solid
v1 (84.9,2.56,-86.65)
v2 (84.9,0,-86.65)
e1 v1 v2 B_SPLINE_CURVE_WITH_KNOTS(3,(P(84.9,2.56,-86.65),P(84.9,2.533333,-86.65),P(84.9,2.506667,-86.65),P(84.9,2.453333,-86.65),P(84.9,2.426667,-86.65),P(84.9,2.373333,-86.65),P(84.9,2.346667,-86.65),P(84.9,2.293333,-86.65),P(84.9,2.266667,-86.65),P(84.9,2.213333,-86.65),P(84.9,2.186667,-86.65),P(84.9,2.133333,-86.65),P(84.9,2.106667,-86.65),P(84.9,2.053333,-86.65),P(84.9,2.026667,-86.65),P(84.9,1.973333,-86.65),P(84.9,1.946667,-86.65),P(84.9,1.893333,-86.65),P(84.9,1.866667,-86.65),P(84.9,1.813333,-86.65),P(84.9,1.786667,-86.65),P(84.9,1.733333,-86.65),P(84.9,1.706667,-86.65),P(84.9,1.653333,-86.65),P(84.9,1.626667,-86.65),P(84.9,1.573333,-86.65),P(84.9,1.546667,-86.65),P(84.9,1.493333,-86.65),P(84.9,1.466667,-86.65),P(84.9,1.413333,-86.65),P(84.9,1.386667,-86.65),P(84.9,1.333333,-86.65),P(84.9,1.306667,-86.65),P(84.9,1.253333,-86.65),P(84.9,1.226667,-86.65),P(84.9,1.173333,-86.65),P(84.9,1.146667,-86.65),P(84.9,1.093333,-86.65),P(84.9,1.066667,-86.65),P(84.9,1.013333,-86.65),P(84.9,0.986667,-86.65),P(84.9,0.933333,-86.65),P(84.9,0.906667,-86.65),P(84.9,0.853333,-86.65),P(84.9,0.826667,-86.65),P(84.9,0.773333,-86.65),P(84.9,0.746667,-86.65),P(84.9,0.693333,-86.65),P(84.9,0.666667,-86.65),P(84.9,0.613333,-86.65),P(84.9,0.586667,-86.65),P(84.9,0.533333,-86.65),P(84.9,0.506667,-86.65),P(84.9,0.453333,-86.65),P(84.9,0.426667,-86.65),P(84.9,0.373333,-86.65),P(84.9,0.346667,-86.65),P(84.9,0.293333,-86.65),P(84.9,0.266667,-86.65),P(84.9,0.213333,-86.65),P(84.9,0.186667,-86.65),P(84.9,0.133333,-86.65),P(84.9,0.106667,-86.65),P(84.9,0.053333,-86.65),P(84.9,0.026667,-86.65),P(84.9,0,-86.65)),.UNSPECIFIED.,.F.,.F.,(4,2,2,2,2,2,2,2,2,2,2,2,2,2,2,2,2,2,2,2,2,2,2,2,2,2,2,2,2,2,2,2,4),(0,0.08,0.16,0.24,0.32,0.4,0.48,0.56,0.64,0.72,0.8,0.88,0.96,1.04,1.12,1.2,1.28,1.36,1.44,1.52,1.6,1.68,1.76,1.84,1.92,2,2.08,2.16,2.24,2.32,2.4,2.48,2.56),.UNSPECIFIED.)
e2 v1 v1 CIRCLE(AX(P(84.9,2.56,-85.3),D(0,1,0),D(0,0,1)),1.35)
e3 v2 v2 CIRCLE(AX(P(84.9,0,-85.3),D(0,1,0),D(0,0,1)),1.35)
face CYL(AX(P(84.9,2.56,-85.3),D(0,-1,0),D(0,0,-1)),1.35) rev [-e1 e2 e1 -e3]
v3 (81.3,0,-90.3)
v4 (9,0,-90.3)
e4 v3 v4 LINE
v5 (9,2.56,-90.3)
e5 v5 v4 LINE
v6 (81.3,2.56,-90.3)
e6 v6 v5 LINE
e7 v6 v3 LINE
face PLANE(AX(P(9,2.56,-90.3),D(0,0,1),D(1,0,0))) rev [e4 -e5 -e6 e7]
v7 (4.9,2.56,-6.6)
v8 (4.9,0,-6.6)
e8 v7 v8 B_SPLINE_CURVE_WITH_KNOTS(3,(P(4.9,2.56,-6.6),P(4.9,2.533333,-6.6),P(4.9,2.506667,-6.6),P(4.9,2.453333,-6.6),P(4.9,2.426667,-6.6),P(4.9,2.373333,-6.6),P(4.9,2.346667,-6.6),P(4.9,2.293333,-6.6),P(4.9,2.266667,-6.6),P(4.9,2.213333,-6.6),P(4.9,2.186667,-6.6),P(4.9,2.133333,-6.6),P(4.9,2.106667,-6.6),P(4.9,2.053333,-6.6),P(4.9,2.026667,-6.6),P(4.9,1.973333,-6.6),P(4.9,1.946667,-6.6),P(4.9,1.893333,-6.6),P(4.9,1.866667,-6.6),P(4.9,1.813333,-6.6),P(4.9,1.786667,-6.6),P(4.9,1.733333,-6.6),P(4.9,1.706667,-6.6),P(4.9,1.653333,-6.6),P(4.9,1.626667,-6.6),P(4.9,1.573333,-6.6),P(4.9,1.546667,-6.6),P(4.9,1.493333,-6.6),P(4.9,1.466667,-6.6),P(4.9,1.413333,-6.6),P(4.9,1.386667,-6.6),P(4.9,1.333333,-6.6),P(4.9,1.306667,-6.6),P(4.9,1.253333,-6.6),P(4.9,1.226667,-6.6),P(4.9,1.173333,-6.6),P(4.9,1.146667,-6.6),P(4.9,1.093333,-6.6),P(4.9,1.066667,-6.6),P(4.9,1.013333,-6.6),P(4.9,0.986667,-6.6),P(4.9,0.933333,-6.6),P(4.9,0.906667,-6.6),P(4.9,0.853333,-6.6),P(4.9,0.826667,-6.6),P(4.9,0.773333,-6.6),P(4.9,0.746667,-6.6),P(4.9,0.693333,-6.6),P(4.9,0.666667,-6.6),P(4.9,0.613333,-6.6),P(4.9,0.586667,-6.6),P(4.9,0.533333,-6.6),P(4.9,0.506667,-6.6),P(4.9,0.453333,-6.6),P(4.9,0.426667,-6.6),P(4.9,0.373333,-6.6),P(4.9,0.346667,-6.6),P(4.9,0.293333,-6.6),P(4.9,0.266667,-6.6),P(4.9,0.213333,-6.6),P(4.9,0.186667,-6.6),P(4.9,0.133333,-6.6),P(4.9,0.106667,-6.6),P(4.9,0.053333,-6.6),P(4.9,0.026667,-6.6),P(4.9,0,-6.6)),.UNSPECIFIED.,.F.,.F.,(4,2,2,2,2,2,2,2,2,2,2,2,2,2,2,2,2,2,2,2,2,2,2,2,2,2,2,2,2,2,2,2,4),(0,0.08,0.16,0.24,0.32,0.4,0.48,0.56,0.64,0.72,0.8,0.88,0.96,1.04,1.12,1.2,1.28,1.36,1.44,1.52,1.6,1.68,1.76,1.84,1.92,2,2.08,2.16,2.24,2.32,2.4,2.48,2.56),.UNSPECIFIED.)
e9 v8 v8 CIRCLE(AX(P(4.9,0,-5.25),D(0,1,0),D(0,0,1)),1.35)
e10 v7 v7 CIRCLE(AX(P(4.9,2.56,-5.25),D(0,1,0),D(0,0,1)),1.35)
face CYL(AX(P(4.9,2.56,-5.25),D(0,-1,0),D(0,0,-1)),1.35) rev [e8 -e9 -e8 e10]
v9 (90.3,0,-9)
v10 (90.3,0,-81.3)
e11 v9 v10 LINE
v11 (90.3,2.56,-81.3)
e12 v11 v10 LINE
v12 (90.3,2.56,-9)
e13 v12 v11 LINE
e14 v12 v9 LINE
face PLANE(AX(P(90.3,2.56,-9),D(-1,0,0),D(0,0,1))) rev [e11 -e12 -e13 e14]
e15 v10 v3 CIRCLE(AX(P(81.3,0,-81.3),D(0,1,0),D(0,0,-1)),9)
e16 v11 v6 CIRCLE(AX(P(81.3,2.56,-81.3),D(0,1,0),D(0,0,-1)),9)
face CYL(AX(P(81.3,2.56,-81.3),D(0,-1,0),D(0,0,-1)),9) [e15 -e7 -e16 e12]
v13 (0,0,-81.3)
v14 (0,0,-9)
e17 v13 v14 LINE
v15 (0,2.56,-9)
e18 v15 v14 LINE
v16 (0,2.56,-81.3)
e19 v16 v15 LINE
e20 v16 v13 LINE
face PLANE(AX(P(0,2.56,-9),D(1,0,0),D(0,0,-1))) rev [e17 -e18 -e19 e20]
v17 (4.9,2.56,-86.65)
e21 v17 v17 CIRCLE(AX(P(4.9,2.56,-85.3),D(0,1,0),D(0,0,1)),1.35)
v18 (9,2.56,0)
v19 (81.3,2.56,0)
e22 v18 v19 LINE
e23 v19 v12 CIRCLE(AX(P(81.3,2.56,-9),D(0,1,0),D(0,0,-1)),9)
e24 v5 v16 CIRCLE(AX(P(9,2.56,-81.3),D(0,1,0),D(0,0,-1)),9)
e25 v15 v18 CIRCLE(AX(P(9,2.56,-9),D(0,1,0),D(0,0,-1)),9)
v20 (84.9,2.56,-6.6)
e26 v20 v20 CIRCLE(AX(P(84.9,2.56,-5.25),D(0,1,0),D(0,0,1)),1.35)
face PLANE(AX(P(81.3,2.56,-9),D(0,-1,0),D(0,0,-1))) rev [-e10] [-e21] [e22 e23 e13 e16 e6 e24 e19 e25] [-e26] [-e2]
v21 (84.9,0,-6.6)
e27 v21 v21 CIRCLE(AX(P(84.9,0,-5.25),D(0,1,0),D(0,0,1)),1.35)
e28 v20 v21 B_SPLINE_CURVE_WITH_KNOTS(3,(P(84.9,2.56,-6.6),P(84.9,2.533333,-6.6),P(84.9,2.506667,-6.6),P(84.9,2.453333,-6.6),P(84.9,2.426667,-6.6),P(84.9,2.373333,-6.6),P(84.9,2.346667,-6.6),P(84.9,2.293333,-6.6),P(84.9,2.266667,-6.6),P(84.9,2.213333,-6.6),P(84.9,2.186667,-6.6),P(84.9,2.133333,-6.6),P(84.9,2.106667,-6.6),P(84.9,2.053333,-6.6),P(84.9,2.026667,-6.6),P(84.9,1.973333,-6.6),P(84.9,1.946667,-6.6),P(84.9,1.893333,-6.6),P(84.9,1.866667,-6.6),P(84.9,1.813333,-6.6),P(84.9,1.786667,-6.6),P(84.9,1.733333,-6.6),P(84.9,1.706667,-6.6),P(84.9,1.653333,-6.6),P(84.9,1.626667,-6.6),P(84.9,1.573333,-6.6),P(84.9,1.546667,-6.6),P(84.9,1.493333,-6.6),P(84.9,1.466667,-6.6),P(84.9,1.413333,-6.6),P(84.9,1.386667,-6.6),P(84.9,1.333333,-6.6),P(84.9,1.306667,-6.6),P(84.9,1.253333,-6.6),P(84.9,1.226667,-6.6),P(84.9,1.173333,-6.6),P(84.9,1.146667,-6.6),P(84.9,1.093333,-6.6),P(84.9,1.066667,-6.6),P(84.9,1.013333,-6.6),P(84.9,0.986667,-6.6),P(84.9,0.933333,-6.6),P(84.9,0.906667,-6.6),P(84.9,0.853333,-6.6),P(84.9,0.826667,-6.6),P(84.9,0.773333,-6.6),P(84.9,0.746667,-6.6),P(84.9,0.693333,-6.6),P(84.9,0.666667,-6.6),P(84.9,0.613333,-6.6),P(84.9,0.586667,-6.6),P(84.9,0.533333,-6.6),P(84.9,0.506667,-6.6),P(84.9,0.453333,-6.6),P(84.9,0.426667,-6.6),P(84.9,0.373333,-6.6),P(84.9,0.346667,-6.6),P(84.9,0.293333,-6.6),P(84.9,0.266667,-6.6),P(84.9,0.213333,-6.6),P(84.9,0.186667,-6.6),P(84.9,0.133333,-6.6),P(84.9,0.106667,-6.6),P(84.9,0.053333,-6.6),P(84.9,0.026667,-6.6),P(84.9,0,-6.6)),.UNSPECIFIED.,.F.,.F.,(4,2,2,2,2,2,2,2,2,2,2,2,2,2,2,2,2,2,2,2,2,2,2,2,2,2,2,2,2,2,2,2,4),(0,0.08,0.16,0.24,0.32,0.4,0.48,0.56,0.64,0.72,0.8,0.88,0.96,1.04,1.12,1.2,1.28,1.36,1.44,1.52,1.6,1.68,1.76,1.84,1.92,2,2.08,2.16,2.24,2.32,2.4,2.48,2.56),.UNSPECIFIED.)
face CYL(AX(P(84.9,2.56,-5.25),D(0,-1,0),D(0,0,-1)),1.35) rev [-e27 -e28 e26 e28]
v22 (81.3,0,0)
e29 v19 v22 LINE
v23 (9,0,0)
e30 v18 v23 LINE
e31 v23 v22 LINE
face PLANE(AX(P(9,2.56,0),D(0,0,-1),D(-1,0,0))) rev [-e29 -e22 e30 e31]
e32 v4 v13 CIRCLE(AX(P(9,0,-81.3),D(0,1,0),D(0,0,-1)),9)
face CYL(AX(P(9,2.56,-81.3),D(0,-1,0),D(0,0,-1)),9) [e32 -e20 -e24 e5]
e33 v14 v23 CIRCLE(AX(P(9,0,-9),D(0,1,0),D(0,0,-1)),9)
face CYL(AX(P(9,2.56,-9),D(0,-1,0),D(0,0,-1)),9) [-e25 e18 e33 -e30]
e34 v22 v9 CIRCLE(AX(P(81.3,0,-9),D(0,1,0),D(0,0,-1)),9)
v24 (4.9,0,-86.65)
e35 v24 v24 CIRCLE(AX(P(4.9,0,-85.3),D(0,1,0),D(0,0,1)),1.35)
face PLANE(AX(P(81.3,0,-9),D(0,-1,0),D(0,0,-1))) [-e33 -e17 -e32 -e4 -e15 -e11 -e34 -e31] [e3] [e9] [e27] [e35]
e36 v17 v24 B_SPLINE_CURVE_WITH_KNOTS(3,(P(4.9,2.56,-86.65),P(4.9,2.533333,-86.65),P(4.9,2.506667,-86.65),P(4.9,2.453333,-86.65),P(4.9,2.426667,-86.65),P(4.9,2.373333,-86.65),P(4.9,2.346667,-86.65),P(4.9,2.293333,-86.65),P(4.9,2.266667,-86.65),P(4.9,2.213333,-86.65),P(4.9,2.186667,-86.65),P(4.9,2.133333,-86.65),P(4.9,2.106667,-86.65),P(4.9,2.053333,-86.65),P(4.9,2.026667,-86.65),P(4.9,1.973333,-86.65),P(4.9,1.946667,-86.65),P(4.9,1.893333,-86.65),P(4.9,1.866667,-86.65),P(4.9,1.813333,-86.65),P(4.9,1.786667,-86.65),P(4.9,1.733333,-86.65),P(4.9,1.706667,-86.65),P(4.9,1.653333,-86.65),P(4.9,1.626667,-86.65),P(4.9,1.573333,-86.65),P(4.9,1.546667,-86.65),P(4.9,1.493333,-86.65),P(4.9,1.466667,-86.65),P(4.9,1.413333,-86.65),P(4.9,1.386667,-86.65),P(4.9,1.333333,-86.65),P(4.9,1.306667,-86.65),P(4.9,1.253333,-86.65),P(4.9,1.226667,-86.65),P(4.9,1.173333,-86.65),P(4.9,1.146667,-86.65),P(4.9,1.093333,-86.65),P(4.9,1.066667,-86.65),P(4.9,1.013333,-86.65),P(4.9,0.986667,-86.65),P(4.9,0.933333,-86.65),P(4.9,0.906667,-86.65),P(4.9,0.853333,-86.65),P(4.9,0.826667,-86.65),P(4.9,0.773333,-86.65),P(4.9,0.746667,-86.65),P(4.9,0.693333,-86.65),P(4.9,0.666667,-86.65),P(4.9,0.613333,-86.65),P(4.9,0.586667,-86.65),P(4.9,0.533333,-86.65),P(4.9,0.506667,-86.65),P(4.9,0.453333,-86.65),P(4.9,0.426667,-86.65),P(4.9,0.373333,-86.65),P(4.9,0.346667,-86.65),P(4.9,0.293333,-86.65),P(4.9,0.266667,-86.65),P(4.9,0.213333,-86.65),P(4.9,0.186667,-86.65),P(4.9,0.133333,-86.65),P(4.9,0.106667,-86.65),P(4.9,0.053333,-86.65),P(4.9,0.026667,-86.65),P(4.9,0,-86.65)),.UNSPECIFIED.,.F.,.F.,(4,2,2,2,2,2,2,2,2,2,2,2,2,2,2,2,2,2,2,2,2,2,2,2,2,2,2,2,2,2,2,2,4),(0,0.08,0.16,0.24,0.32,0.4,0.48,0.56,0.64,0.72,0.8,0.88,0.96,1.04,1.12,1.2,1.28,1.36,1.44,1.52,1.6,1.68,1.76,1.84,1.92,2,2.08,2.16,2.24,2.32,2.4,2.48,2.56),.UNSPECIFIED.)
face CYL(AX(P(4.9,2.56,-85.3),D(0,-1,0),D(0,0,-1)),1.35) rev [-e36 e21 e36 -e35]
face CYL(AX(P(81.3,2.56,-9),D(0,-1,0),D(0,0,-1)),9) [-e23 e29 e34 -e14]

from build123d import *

# Parameters (mm, degrees)
SKETCH1_R           = 1.35
BOSS_EXTRUDE1_DEPTH = 2.56


with BuildPart() as part:
    # Sketch1 → Boss-Extrude1 (new body)
    with BuildSketch(Plane(origin=(0, 0, 0), x_dir=(1, 0, 0), z_dir=(0, 1, 0))):
        with BuildLine():
            Line((9, 0), (81.3, 0))
            ThreePointArc((81.3, 0), (87.663961031, 2.636038969), (90.3, 9))
            Line((90.3, 9), (90.3, 81.3))
            ThreePointArc((90.3, 81.3), (87.663961031, 87.663961031), (81.3, 90.3))
            Line((81.3, 90.3), (9, 90.3))
            ThreePointArc((9, 90.3), (2.636038969, 87.663961031), (0, 81.3))
            Line((0, 81.3), (0, 9))
            ThreePointArc((0, 9), (2.636038969, 2.636038969), (9, 0))
        make_face()
        with Locations(Location((4.9, 85.3, 0), (0, 0, 90))):
            Circle(SKETCH1_R, mode=Mode.SUBTRACT)
        with Locations(Location((84.9, 85.3, 0), (0, 0, 90))):
            Circle(SKETCH1_R, mode=Mode.SUBTRACT)
        with Locations(Location((84.9, 5.25, 0), (0, 0, 90))):
            Circle(SKETCH1_R, mode=Mode.SUBTRACT)
        with Locations(Location((4.9, 5.25, 0), (0, 0, 90))):
            Circle(SKETCH1_R, mode=Mode.SUBTRACT)
    extrude(amount=BOSS_EXTRUDE1_DEPTH)


solid = part.part
